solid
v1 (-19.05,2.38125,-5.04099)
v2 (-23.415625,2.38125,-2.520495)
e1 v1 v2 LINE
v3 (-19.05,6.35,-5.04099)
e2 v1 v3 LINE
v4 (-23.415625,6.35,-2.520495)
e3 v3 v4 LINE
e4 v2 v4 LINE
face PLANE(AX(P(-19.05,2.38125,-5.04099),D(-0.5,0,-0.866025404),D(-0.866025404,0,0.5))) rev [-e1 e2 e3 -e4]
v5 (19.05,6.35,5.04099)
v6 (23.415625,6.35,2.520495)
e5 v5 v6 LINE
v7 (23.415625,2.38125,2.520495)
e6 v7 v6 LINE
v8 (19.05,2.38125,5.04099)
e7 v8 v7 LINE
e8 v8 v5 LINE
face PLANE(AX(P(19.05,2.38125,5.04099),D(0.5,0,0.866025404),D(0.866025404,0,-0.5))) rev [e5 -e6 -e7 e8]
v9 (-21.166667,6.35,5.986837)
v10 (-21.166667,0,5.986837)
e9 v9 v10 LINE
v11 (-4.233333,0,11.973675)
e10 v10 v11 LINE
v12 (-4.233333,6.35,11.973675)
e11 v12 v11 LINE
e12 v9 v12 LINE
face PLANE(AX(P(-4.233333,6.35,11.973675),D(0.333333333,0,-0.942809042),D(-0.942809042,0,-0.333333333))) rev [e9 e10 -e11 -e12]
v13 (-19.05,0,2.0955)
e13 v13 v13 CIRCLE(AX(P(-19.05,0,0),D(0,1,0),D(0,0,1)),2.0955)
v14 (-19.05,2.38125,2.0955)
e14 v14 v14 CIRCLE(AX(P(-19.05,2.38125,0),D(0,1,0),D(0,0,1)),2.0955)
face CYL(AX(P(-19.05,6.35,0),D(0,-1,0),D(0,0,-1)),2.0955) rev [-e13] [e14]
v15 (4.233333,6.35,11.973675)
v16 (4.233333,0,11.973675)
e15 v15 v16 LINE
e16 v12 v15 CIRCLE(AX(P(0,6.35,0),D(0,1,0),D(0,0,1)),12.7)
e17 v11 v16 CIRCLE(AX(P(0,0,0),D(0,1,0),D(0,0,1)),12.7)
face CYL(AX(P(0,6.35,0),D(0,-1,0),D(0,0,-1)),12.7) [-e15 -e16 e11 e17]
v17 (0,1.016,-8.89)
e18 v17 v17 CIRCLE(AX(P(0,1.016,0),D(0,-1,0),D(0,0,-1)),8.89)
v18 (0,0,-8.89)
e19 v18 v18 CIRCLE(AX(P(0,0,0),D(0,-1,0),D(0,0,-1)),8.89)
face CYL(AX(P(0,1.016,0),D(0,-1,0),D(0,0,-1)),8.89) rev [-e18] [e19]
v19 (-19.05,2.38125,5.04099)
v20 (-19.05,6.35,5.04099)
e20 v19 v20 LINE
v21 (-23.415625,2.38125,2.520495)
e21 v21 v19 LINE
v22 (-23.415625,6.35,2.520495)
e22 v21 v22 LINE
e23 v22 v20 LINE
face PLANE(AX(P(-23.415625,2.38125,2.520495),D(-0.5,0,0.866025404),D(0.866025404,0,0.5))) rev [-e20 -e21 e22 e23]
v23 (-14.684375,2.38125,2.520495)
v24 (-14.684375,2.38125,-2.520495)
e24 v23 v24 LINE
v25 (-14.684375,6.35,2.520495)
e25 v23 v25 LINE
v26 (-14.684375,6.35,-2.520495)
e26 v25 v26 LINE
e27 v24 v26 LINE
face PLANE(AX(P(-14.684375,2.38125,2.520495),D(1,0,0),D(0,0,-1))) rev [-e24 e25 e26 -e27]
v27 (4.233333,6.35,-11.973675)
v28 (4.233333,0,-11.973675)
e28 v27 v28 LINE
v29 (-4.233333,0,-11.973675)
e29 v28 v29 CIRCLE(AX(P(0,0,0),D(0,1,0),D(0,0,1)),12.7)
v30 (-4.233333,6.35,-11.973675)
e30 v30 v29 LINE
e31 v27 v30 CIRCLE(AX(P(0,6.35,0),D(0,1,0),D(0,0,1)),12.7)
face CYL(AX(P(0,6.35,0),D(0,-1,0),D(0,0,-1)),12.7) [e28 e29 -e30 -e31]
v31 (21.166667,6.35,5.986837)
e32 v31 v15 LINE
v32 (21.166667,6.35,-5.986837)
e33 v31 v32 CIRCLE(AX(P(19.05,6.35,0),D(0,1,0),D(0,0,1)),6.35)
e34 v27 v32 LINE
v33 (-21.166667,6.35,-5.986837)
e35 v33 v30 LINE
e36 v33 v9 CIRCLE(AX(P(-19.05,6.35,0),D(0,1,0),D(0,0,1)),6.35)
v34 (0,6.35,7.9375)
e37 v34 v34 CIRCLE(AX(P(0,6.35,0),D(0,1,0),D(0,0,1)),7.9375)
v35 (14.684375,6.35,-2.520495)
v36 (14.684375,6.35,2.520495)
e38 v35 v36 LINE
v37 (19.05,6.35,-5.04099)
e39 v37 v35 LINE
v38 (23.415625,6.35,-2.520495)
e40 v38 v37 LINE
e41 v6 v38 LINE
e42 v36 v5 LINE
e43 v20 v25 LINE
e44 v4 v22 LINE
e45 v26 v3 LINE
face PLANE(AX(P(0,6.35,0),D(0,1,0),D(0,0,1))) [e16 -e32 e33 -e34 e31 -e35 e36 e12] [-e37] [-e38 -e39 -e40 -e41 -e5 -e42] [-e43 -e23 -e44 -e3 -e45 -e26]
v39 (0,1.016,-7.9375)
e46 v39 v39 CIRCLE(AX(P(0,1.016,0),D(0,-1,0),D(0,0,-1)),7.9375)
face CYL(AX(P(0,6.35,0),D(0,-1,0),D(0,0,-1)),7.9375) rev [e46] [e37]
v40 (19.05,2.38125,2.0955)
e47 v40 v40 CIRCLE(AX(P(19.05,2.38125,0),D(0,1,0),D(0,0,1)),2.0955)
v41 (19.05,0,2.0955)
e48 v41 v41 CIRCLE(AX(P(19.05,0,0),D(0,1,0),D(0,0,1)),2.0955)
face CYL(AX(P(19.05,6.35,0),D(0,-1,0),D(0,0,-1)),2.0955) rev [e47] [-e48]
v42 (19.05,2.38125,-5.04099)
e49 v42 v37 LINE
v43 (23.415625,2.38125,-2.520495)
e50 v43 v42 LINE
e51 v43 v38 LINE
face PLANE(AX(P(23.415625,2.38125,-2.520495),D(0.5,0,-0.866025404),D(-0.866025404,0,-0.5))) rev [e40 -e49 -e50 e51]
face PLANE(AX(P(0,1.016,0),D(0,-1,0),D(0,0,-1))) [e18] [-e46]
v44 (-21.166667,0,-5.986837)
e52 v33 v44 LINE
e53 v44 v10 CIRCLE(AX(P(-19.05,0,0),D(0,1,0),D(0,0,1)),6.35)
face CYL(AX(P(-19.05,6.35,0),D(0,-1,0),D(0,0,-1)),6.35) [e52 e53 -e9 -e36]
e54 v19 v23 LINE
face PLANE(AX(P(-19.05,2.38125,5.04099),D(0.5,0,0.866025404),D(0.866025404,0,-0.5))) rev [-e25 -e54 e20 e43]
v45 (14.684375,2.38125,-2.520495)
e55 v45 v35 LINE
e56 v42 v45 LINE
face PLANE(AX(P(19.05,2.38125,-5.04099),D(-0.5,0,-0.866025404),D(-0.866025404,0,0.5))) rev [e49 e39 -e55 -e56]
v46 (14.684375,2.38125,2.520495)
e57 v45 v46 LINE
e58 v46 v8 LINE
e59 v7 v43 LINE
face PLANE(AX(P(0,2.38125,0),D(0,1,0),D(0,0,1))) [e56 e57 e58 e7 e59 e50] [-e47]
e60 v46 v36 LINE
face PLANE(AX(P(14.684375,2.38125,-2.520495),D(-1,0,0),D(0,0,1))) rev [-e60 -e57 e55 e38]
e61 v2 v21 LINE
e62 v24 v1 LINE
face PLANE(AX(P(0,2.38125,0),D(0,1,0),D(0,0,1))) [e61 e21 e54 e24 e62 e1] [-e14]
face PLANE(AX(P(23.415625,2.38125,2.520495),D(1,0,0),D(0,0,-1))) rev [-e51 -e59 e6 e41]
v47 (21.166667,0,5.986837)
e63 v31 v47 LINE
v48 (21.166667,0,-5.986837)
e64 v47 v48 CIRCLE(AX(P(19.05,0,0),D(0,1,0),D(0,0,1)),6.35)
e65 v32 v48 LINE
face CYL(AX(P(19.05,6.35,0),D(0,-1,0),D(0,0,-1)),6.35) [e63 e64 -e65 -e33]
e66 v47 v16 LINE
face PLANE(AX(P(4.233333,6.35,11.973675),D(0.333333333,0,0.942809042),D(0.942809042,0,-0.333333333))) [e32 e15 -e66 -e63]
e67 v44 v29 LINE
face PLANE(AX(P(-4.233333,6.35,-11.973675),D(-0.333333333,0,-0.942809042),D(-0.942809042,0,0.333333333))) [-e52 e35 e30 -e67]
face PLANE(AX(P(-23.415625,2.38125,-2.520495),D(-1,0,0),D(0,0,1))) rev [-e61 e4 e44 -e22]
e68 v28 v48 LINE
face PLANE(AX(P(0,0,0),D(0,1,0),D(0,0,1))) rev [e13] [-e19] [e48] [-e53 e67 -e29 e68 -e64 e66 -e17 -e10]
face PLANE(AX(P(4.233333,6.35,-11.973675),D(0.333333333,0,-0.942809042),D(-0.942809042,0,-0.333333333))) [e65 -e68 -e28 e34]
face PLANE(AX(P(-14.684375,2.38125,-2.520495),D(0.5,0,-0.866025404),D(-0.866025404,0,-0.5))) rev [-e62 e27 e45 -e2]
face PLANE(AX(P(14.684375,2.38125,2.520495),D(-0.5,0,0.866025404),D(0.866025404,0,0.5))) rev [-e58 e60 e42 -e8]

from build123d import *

# Parameters (mm, degrees)
SKETCH1_R           = 7.9375
SKETCH1_R_2         = 2.0955
WHOLE_PART_DEPTH    = 6.35
SKETCH2_R           = 8.89
BEARING_DEPTH_DEPTH = 1.016
NUT_POCKET_DEPTH    = 3.96875


with BuildPart() as part:
    # Sketch1 → whole-part (new body)
    with BuildSketch(Plane(origin=(0, 0, 0), x_dir=(1, 0, 0), z_dir=(0, 1, 0))):
        with BuildLine():
            Line((-21.166666667, 5.986837414), (-4.233333333, 11.973674828))
            ThreePointArc((-4.233333333, 11.973674828), (0, 12.7), (4.233333333, 11.973674828))
            Line((4.233333333, 11.973674828), (21.166666667, 5.986837414))
            ThreePointArc((21.166666667, 5.986837414), (25.4, 0), (21.166666667, -5.986837414))
            Line((21.166666667, -5.986837414), (4.233333333, -11.973674828))
            ThreePointArc((4.233333333, -11.973674828), (0, -12.7), (-4.233333333, -11.973674828))
            Line((-4.233333333, -11.973674828), (-21.166666667, -5.986837414))
            ThreePointArc((-21.166666667, -5.986837414), (-25.4, 0), (-21.166666667, 5.986837414))
        make_face()
        with Locations(Location((0, 0, 0), (0, 0, 270))):
            Circle(SKETCH1_R, mode=Mode.SUBTRACT)
        with Locations(Location((-19.05, 0, 0), (0, 0, 270))):
            Circle(SKETCH1_R_2, mode=Mode.SUBTRACT)
        with Locations(Location((19.05, 0, 0), (0, 0, 270))):
            Circle(SKETCH1_R_2, mode=Mode.SUBTRACT)
    extrude(amount=WHOLE_PART_DEPTH)

    # Sketch2 → bearing-depth (cut)
    with BuildSketch(Plane(origin=(0, 0, 0), x_dir=(-1, 0, 0), z_dir=(0, -1, 0))):
        with Locations(Location((0, 0, 0), (0, 0, 90))):
            Circle(SKETCH2_R)
    extrude(amount=-BEARING_DEPTH_DEPTH, mode=Mode.SUBTRACT)

    # Sketch3 → nut-pocket (cut)
    with BuildSketch(Plane(origin=(0, 6.35, 0), x_dir=(1, 0, 0), z_dir=(0, 1, 0))):
        Polygon((-23.415625, 2.520494769), (-23.415625, -2.520494769), (-19.05, -5.040989538), (-14.684375, -2.520494769), (-14.684375, 2.520494769), (-19.05, 5.040989538), align=None)
        Polygon((19.05, 5.040989538), (14.684375, 2.520494769), (14.684375, -2.520494769), (19.05, -5.040989538), (23.415625, -2.520494769), (23.415625, 2.520494769), align=None)
    extrude(amount=-NUT_POCKET_DEPTH, mode=Mode.SUBTRACT)


solid = part.part
